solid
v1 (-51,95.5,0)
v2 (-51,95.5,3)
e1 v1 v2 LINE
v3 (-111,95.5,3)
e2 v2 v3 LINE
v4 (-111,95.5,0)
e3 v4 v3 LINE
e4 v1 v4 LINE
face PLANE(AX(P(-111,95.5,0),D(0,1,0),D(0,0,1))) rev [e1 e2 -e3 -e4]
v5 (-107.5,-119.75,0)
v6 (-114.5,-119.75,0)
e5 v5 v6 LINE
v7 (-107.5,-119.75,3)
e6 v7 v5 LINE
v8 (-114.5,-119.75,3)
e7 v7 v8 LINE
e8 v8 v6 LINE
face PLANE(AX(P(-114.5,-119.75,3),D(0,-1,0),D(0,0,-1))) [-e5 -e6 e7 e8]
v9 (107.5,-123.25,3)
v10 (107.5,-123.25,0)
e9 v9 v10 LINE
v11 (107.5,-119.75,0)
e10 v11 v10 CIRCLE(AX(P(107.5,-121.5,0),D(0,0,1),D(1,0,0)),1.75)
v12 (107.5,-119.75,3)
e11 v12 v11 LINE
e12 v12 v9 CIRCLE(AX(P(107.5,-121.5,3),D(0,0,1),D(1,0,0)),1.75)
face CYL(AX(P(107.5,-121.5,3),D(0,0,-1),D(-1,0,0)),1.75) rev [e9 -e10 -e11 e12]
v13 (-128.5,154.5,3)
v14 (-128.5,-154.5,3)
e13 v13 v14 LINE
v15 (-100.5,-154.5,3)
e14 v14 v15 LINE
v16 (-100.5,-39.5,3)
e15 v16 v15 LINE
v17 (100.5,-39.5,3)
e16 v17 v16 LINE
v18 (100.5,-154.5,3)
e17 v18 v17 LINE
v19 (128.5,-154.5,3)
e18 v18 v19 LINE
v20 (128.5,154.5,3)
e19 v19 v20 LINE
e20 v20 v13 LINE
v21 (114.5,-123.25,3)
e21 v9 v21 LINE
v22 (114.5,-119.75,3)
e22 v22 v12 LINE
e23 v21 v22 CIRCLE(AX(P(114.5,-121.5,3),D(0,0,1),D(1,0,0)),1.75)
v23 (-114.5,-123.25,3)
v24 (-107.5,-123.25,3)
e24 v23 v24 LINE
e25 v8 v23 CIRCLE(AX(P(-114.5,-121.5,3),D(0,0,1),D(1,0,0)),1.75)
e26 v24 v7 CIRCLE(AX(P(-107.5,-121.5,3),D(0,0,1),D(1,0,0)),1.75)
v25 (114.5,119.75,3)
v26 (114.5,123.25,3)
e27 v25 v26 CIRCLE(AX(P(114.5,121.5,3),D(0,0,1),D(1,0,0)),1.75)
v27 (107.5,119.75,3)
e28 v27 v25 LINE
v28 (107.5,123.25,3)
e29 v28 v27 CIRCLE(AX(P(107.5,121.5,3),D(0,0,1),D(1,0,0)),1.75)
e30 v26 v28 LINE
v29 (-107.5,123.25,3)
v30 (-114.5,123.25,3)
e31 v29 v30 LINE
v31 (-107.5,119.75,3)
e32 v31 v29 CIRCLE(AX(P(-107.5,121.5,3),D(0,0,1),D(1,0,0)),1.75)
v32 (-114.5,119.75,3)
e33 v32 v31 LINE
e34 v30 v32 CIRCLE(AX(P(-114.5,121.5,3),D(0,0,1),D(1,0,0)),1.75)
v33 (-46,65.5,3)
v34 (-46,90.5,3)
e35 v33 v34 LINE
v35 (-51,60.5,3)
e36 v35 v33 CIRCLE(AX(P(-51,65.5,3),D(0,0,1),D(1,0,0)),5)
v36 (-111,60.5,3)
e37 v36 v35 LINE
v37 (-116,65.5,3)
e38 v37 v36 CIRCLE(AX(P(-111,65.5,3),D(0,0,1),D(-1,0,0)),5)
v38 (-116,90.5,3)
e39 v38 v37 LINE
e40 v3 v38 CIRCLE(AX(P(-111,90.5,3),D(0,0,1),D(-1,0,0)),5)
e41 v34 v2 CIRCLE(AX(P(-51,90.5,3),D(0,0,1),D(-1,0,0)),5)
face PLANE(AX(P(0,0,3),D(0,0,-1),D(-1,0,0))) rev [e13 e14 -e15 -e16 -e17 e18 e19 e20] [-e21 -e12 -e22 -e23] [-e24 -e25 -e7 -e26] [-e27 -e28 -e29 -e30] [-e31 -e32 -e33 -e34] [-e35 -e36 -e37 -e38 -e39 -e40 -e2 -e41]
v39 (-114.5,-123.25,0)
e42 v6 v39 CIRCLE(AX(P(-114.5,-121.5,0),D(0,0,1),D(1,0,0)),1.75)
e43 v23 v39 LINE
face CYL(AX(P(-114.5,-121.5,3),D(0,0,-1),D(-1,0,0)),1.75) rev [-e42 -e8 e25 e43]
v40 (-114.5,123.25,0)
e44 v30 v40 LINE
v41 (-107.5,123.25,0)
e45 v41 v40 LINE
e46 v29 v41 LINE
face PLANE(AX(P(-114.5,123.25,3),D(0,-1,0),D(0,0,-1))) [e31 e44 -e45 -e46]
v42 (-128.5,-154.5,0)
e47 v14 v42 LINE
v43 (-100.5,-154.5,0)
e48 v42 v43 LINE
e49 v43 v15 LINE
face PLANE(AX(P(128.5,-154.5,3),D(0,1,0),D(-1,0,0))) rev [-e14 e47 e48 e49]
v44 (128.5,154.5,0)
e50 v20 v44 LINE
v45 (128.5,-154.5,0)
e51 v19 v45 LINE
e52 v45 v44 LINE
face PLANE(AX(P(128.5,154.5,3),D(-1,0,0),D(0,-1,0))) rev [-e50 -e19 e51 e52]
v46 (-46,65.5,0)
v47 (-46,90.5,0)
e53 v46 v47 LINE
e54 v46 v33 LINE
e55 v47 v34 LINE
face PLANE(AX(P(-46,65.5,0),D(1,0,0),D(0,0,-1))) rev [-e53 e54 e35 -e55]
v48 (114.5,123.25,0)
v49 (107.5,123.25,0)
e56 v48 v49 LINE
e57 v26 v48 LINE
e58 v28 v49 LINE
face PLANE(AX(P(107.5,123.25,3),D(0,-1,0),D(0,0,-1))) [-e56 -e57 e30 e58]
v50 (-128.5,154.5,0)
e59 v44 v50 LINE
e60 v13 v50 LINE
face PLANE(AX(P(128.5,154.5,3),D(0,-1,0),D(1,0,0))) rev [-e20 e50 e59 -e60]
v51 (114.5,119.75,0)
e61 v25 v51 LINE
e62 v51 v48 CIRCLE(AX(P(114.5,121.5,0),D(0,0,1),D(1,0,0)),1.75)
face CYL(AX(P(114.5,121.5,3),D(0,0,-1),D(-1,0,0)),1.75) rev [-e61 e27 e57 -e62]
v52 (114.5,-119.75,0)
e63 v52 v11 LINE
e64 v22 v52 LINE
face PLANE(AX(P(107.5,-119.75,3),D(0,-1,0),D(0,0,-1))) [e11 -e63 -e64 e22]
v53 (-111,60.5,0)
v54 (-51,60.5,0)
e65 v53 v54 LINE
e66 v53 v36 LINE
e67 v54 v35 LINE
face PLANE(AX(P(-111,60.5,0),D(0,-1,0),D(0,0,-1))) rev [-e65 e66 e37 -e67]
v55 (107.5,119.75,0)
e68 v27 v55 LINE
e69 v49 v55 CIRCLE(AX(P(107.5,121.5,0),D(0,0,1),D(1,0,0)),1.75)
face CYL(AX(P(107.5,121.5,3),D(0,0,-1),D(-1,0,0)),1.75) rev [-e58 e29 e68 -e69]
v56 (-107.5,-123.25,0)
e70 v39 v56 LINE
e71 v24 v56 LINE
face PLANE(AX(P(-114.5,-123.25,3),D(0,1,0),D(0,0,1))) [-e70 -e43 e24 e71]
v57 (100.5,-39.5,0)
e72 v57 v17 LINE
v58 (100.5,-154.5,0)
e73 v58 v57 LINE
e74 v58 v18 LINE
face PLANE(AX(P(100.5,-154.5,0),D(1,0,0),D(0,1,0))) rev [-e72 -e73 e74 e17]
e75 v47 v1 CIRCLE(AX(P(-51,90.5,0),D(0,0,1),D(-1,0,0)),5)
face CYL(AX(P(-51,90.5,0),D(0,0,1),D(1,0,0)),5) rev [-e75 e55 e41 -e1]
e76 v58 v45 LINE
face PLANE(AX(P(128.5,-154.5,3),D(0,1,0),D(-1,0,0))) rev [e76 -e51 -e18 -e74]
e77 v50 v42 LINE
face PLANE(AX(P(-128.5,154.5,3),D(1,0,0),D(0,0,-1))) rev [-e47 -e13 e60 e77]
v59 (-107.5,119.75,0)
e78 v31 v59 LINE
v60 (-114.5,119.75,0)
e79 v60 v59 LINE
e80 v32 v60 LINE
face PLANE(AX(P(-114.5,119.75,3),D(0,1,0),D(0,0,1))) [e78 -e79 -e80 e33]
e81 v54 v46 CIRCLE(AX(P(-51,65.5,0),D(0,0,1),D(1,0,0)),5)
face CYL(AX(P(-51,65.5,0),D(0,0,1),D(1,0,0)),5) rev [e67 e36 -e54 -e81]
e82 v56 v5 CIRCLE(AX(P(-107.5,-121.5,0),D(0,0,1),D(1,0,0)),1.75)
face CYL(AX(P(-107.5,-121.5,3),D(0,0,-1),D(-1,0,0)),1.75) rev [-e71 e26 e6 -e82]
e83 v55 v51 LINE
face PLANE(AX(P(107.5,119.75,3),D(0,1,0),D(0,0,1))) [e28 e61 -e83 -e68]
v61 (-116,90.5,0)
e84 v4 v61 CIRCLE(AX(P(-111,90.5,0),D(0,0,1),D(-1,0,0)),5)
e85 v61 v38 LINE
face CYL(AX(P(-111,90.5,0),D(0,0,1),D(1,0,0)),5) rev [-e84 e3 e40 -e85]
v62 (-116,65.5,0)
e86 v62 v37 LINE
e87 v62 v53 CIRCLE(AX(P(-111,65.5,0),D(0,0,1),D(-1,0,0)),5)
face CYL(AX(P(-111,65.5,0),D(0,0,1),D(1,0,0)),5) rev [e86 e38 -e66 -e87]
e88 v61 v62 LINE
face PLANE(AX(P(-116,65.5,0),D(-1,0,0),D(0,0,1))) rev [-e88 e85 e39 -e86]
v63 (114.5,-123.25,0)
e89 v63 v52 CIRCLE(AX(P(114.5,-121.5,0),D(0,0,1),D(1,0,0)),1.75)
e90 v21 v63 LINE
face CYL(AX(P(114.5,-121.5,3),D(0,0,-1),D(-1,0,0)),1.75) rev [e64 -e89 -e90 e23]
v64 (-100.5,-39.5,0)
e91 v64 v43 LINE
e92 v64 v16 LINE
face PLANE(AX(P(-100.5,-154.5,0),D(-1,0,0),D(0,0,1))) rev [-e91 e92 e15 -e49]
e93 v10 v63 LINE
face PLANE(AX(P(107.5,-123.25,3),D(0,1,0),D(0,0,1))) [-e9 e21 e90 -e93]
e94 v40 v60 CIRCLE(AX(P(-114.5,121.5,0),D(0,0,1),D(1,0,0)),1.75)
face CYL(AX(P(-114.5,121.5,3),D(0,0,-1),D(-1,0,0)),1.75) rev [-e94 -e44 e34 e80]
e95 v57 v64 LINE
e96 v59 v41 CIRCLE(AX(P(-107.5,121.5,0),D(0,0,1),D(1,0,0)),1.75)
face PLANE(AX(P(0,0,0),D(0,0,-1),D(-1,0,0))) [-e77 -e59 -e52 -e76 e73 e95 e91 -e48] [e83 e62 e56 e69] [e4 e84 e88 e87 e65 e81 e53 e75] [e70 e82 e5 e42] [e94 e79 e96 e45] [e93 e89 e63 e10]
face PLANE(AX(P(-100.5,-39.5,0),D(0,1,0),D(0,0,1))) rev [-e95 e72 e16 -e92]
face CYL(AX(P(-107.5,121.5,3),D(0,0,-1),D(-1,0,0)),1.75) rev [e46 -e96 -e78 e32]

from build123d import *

# Parameters (mm, degrees)
ESQUISSE1_W             = 257
ESQUISSE1_H             = 309
BOSS_EXTRU_1_DEPTH      = 3
ESQUISSE2_W             = 201
ESQUISSE2_H             = 115
ENL_V_MAT_EXTRU_1_DEPTH = 4
ENL_V_MAT_EXTRU_2_DEPTH = 4


with BuildPart() as part:
    # Esquisse1 → Boss.-Extru.1 (new body)
    with BuildSketch(Plane.XY):
        Rectangle(ESQUISSE1_W, ESQUISSE1_H)
        with BuildLine():
            Line((-114.5, 123.25), (-107.5, 123.25))
            ThreePointArc((-107.5, 123.25), (-105.75, 121.5), (-107.5, 119.75))
            Line((-107.5, 119.75), (-114.5, 119.75))
            ThreePointArc((-114.5, 119.75), (-116.25, 121.5), (-114.5, 123.25))
        make_face(mode=Mode.SUBTRACT)
        with BuildLine():
            Line((107.5, -119.75), (114.5, -119.75))
            ThreePointArc((114.5, -119.75), (116.25, -121.5), (114.5, -123.25))
            Line((114.5, -123.25), (107.5, -123.25))
            ThreePointArc((107.5, -123.25), (105.75, -121.5), (107.5, -119.75))
        make_face(mode=Mode.SUBTRACT)
        with BuildLine():
            Line((-114.5, -119.75), (-107.5, -119.75))
            ThreePointArc((-107.5, -119.75), (-105.75, -121.5), (-107.5, -123.25))
            Line((-107.5, -123.25), (-114.5, -123.25))
            ThreePointArc((-114.5, -123.25), (-116.25, -121.5), (-114.5, -119.75))
        make_face(mode=Mode.SUBTRACT)
        with BuildLine():
            Line((107.5, 123.25), (114.5, 123.25))
            ThreePointArc((114.5, 123.25), (116.25, 121.5), (114.5, 119.75))
            Line((114.5, 119.75), (107.5, 119.75))
            ThreePointArc((107.5, 119.75), (105.75, 121.5), (107.5, 123.25))
        make_face(mode=Mode.SUBTRACT)
    extrude(amount=BOSS_EXTRU_1_DEPTH)

    # Esquisse2 → Enlèv. mat.-Extru.1 (cut, through all)
    with BuildSketch(Plane.XY.offset(3)):
        with Locations((0, -97)):
            Rectangle(ESQUISSE2_W, ESQUISSE2_H)
    extrude(amount=-ENL_V_MAT_EXTRU_1_DEPTH, mode=Mode.SUBTRACT)

    # Esquisse3 → Enlèv. mat.-Extru.2 (cut, through all)
    with BuildSketch(Plane.XY.offset(3)):
        with BuildLine():
            Line((-111, 60.5), (-51, 60.5))
            ThreePointArc((-51, 60.5), (-47.464466094, 61.964466094), (-46, 65.5))
            Line((-46, 65.5), (-46, 90.5))
            ThreePointArc((-46, 90.5), (-47.464466094, 94.035533906), (-51, 95.5))
            Line((-51, 95.5), (-111, 95.5))
            ThreePointArc((-111, 95.5), (-114.535533906, 94.035533906), (-116, 90.5))
            Line((-116, 90.5), (-116, 65.5))
            ThreePointArc((-116, 65.5), (-114.535533906, 61.964466094), (-111, 60.5))
        make_face()
    extrude(amount=-ENL_V_MAT_EXTRU_2_DEPTH, mode=Mode.SUBTRACT)


solid = part.part
